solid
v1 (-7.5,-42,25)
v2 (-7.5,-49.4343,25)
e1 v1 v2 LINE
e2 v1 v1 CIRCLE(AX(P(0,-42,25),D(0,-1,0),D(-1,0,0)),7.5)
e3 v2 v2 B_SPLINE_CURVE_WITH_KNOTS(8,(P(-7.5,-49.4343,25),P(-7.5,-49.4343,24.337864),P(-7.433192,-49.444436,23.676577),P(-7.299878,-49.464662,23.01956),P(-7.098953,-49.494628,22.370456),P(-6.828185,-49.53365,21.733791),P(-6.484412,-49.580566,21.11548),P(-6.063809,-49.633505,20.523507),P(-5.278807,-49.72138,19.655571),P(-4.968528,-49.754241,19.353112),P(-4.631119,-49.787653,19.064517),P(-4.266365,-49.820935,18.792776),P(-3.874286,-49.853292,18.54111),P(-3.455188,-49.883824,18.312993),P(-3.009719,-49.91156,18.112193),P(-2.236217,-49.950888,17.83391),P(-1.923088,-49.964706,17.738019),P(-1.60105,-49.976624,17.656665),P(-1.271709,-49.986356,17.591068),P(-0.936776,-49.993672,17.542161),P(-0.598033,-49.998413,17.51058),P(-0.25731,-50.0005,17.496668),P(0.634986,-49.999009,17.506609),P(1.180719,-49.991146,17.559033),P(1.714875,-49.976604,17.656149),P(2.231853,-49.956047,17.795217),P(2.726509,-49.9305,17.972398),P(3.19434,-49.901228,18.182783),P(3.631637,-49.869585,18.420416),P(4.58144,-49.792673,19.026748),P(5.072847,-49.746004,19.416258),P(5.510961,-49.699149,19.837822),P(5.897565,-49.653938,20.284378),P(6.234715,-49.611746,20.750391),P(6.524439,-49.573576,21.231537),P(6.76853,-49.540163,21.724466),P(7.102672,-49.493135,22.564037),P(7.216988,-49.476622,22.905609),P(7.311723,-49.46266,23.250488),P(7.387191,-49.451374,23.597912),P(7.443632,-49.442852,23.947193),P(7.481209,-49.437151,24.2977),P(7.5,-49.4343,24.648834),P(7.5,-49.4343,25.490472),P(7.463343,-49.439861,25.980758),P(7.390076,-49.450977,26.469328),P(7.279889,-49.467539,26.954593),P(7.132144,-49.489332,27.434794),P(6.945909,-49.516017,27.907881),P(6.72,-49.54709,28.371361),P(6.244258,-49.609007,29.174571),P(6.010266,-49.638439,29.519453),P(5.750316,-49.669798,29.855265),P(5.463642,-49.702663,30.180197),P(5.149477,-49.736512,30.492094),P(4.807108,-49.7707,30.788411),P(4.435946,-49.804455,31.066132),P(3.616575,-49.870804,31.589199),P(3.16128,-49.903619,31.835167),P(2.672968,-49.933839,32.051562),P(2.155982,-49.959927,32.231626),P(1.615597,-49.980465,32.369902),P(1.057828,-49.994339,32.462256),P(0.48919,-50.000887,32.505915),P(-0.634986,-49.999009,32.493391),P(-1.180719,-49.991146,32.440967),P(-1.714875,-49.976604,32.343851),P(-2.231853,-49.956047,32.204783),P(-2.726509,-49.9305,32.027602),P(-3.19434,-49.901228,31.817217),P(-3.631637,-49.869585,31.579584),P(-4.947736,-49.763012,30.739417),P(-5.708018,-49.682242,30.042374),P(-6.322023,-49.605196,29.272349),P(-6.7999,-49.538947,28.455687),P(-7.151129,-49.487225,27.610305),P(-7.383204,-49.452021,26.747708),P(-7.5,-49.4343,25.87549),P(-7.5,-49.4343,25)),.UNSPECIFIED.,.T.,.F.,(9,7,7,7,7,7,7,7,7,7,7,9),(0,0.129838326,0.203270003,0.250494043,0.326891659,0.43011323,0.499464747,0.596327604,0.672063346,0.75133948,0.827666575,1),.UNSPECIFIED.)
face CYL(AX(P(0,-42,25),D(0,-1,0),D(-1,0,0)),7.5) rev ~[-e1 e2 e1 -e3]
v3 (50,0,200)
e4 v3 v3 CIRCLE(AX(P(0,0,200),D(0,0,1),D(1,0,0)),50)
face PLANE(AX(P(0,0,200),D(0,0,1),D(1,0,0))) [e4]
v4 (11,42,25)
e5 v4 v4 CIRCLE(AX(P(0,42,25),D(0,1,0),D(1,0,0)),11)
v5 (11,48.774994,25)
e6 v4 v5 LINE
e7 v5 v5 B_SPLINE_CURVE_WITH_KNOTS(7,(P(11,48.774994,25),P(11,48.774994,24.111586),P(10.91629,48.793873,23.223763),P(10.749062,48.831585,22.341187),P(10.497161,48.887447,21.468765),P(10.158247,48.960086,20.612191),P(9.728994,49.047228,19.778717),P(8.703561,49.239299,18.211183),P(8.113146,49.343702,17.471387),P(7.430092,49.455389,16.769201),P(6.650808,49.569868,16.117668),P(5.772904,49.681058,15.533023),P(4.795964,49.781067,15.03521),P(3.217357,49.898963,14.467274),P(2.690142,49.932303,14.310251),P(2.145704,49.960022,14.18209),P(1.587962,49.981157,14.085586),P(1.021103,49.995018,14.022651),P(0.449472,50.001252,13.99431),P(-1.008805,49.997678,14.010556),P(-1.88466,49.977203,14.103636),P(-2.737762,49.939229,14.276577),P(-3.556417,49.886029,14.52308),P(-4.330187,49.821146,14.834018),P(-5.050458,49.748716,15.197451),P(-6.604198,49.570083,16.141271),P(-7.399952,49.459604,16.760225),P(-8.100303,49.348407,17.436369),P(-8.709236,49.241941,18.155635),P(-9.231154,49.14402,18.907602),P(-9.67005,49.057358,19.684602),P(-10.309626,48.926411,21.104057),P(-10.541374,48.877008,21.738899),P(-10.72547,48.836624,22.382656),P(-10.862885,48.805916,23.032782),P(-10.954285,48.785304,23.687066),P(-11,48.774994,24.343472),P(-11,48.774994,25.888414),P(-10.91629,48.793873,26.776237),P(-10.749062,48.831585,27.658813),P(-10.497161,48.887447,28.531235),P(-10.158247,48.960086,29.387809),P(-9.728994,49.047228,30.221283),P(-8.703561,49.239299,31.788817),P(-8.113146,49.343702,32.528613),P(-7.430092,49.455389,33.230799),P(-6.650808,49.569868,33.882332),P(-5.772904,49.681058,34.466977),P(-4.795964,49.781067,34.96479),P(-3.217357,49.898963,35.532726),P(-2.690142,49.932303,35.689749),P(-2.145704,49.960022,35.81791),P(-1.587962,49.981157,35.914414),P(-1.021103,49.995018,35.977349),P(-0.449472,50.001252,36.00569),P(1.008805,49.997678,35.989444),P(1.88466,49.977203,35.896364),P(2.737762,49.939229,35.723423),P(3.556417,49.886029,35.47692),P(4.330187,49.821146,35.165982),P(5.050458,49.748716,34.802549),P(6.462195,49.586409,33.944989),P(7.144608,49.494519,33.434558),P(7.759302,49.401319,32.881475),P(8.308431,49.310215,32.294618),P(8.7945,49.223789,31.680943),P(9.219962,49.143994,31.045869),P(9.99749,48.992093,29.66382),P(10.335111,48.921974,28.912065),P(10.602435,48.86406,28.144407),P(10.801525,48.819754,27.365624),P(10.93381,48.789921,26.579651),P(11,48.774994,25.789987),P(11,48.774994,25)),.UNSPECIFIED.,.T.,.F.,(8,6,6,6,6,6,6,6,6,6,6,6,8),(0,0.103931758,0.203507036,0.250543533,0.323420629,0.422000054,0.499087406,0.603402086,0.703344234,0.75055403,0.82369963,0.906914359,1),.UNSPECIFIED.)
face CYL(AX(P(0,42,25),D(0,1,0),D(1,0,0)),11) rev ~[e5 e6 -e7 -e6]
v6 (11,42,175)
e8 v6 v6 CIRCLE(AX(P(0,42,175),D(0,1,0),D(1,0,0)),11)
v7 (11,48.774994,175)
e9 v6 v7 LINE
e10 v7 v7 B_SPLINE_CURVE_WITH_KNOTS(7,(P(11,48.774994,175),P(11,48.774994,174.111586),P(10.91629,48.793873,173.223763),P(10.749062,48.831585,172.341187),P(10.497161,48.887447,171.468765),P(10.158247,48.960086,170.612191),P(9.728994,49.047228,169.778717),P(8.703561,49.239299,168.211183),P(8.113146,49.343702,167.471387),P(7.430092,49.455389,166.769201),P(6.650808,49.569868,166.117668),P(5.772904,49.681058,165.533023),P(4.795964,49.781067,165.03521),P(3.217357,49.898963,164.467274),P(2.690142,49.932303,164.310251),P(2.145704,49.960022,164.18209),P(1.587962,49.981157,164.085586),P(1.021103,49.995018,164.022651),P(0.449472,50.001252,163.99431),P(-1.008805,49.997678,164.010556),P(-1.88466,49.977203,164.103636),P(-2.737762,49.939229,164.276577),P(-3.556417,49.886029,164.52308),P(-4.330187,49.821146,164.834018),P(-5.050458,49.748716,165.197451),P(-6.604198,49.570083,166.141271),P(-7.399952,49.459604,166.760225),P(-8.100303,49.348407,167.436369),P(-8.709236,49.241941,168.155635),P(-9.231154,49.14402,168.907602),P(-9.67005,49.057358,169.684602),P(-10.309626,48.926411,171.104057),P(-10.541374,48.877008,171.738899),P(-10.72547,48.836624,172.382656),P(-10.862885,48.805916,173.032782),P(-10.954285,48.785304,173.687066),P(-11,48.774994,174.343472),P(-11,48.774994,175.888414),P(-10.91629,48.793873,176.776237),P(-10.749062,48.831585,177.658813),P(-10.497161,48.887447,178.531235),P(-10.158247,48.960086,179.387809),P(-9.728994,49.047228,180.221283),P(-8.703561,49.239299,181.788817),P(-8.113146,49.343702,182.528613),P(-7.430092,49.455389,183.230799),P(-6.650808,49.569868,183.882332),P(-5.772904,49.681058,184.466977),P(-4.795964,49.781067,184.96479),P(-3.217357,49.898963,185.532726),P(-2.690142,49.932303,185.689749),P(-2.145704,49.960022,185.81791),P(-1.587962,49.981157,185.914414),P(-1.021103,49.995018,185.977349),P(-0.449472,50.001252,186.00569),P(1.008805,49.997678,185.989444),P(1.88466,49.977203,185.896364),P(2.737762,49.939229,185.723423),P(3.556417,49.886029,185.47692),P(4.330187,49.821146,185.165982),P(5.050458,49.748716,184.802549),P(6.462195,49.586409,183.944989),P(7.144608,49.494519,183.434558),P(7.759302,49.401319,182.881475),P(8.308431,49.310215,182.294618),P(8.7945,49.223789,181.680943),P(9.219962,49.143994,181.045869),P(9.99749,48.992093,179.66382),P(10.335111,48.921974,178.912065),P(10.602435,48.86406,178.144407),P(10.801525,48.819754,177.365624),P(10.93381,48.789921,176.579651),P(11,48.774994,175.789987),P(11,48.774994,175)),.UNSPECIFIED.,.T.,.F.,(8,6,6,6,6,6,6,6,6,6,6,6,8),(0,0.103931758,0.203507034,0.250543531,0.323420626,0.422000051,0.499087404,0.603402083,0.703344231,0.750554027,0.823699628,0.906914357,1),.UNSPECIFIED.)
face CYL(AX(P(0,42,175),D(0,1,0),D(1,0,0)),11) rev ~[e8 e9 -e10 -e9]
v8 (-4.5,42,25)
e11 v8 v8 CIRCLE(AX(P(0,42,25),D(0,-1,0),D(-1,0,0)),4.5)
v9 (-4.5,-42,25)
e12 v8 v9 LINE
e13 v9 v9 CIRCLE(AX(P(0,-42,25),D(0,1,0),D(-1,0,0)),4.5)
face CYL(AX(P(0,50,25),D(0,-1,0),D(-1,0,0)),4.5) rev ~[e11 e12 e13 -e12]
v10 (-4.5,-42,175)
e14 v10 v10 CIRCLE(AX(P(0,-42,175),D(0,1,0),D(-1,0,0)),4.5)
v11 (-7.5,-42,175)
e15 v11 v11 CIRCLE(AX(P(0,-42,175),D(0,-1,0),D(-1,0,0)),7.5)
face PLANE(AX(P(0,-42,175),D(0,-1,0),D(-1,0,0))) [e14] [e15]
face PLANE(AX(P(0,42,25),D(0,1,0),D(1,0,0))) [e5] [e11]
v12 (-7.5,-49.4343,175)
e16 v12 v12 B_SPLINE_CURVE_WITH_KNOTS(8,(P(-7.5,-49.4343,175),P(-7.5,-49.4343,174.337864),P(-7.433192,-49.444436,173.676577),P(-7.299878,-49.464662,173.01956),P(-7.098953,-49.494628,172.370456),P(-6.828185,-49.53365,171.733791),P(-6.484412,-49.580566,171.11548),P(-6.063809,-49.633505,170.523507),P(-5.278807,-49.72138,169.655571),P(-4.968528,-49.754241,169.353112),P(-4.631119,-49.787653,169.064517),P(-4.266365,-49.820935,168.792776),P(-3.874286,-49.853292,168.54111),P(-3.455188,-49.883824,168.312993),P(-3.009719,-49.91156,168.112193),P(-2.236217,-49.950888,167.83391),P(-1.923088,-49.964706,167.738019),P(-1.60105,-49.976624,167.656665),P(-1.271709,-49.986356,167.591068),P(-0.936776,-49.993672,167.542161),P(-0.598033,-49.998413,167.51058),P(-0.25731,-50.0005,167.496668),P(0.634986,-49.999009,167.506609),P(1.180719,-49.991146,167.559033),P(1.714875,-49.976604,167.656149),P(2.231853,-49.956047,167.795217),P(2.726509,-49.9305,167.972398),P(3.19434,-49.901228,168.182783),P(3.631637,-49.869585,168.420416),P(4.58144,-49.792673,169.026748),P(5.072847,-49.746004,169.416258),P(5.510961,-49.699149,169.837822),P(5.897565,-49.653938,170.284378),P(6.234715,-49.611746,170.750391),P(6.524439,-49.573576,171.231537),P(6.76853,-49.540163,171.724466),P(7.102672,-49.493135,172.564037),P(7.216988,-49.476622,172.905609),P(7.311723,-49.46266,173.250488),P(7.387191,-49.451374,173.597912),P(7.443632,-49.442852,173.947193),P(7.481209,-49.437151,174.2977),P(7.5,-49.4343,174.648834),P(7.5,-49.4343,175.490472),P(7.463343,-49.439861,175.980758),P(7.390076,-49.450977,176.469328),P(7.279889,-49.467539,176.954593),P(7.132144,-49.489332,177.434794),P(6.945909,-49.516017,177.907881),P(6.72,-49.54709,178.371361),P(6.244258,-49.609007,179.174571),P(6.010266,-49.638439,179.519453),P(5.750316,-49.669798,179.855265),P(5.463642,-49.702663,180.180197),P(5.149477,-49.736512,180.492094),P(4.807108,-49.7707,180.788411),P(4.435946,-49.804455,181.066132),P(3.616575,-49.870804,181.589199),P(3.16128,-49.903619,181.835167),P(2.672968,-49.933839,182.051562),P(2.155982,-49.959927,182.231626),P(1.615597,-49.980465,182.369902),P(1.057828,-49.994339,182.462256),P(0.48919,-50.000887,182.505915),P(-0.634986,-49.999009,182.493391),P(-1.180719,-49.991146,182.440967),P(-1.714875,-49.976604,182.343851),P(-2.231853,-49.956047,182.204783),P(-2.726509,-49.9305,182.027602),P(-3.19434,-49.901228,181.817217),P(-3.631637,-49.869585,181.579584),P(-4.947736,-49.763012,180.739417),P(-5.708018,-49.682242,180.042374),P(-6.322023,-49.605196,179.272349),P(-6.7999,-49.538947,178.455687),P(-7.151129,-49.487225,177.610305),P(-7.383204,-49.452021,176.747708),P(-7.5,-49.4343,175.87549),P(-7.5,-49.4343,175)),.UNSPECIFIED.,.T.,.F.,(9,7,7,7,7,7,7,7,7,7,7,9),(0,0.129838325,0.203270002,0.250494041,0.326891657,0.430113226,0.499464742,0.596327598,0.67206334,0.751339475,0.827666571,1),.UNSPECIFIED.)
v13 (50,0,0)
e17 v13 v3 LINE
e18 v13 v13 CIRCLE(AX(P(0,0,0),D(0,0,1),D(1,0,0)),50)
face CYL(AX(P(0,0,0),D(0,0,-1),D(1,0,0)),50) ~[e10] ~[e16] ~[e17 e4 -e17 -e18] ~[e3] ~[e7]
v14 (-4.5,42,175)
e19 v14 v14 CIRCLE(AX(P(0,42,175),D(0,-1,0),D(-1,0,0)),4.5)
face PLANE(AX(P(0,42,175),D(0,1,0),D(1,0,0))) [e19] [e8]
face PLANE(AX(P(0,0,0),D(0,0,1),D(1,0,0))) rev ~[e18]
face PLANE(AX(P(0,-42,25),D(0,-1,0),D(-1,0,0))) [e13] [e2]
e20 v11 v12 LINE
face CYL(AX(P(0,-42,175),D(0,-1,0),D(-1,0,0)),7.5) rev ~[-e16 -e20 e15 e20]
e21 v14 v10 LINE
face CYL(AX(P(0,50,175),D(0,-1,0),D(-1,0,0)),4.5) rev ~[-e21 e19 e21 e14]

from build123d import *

# Parameters (mm, degrees)
SKIZZE1_R                                           = 50
AUFSATZ_LINEAR_AUSTRAGEN1_DEPTH                     = 200
STIRNSENKUNG_F_R_M8_SENKSCHRAUBE_KOPF_B_D           = 9
STIRNSENKUNG_F_R_M8_SENKSCHRAUBE_KOPF_B_CBORE_D     = 22
STIRNSENKUNG_F_R_M8_SENKSCHRAUBE_KOPF_B_CBORE_DEPTH = 8
STIRNSENKUNG_F_R_M8_SENKSCHRAUBE_KO_2_D             = 9
STIRNSENKUNG_F_R_M8_SENKSCHRAUBE_KO_2_CBORE_D       = 15
STIRNSENKUNG_F_R_M8_SENKSCHRAUBE_KO_2_CBORE_DEPTH   = 8


with BuildPart() as part:
    # Skizze1 → Aufsatz-Linear austragen1 (new body)
    with BuildSketch(Plane.XY):
        Circle(SKIZZE1_R)
    extrude(amount=AUFSATZ_LINEAR_AUSTRAGEN1_DEPTH)

    # Stirnsenkung f_r M8 Senkschraube _Kopf B (through all)
    with Locations(Plane(origin=(0, 50, 0), x_dir=(1, 0, 0), z_dir=(0, 1, 0))):
        with Locations((0, -25), (0, -175)):
            CounterBoreHole(STIRNSENKUNG_F_R_M8_SENKSCHRAUBE_KOPF_B_D / 2, STIRNSENKUNG_F_R_M8_SENKSCHRAUBE_KOPF_B_CBORE_D / 2, STIRNSENKUNG_F_R_M8_SENKSCHRAUBE_KOPF_B_CBORE_DEPTH)

    # Stirnsenkung f_r M8 Senkschraube _Ko 2 (through all)
    with Locations(Plane(origin=(0, -50, 0), x_dir=(-1, 0, 0), z_dir=(0, -1, 0))):
        with Locations((0, -175), (0, -25)):
            CounterBoreHole(STIRNSENKUNG_F_R_M8_SENKSCHRAUBE_KO_2_D / 2, STIRNSENKUNG_F_R_M8_SENKSCHRAUBE_KO_2_CBORE_D / 2, STIRNSENKUNG_F_R_M8_SENKSCHRAUBE_KO_2_CBORE_DEPTH)


solid = part.part
